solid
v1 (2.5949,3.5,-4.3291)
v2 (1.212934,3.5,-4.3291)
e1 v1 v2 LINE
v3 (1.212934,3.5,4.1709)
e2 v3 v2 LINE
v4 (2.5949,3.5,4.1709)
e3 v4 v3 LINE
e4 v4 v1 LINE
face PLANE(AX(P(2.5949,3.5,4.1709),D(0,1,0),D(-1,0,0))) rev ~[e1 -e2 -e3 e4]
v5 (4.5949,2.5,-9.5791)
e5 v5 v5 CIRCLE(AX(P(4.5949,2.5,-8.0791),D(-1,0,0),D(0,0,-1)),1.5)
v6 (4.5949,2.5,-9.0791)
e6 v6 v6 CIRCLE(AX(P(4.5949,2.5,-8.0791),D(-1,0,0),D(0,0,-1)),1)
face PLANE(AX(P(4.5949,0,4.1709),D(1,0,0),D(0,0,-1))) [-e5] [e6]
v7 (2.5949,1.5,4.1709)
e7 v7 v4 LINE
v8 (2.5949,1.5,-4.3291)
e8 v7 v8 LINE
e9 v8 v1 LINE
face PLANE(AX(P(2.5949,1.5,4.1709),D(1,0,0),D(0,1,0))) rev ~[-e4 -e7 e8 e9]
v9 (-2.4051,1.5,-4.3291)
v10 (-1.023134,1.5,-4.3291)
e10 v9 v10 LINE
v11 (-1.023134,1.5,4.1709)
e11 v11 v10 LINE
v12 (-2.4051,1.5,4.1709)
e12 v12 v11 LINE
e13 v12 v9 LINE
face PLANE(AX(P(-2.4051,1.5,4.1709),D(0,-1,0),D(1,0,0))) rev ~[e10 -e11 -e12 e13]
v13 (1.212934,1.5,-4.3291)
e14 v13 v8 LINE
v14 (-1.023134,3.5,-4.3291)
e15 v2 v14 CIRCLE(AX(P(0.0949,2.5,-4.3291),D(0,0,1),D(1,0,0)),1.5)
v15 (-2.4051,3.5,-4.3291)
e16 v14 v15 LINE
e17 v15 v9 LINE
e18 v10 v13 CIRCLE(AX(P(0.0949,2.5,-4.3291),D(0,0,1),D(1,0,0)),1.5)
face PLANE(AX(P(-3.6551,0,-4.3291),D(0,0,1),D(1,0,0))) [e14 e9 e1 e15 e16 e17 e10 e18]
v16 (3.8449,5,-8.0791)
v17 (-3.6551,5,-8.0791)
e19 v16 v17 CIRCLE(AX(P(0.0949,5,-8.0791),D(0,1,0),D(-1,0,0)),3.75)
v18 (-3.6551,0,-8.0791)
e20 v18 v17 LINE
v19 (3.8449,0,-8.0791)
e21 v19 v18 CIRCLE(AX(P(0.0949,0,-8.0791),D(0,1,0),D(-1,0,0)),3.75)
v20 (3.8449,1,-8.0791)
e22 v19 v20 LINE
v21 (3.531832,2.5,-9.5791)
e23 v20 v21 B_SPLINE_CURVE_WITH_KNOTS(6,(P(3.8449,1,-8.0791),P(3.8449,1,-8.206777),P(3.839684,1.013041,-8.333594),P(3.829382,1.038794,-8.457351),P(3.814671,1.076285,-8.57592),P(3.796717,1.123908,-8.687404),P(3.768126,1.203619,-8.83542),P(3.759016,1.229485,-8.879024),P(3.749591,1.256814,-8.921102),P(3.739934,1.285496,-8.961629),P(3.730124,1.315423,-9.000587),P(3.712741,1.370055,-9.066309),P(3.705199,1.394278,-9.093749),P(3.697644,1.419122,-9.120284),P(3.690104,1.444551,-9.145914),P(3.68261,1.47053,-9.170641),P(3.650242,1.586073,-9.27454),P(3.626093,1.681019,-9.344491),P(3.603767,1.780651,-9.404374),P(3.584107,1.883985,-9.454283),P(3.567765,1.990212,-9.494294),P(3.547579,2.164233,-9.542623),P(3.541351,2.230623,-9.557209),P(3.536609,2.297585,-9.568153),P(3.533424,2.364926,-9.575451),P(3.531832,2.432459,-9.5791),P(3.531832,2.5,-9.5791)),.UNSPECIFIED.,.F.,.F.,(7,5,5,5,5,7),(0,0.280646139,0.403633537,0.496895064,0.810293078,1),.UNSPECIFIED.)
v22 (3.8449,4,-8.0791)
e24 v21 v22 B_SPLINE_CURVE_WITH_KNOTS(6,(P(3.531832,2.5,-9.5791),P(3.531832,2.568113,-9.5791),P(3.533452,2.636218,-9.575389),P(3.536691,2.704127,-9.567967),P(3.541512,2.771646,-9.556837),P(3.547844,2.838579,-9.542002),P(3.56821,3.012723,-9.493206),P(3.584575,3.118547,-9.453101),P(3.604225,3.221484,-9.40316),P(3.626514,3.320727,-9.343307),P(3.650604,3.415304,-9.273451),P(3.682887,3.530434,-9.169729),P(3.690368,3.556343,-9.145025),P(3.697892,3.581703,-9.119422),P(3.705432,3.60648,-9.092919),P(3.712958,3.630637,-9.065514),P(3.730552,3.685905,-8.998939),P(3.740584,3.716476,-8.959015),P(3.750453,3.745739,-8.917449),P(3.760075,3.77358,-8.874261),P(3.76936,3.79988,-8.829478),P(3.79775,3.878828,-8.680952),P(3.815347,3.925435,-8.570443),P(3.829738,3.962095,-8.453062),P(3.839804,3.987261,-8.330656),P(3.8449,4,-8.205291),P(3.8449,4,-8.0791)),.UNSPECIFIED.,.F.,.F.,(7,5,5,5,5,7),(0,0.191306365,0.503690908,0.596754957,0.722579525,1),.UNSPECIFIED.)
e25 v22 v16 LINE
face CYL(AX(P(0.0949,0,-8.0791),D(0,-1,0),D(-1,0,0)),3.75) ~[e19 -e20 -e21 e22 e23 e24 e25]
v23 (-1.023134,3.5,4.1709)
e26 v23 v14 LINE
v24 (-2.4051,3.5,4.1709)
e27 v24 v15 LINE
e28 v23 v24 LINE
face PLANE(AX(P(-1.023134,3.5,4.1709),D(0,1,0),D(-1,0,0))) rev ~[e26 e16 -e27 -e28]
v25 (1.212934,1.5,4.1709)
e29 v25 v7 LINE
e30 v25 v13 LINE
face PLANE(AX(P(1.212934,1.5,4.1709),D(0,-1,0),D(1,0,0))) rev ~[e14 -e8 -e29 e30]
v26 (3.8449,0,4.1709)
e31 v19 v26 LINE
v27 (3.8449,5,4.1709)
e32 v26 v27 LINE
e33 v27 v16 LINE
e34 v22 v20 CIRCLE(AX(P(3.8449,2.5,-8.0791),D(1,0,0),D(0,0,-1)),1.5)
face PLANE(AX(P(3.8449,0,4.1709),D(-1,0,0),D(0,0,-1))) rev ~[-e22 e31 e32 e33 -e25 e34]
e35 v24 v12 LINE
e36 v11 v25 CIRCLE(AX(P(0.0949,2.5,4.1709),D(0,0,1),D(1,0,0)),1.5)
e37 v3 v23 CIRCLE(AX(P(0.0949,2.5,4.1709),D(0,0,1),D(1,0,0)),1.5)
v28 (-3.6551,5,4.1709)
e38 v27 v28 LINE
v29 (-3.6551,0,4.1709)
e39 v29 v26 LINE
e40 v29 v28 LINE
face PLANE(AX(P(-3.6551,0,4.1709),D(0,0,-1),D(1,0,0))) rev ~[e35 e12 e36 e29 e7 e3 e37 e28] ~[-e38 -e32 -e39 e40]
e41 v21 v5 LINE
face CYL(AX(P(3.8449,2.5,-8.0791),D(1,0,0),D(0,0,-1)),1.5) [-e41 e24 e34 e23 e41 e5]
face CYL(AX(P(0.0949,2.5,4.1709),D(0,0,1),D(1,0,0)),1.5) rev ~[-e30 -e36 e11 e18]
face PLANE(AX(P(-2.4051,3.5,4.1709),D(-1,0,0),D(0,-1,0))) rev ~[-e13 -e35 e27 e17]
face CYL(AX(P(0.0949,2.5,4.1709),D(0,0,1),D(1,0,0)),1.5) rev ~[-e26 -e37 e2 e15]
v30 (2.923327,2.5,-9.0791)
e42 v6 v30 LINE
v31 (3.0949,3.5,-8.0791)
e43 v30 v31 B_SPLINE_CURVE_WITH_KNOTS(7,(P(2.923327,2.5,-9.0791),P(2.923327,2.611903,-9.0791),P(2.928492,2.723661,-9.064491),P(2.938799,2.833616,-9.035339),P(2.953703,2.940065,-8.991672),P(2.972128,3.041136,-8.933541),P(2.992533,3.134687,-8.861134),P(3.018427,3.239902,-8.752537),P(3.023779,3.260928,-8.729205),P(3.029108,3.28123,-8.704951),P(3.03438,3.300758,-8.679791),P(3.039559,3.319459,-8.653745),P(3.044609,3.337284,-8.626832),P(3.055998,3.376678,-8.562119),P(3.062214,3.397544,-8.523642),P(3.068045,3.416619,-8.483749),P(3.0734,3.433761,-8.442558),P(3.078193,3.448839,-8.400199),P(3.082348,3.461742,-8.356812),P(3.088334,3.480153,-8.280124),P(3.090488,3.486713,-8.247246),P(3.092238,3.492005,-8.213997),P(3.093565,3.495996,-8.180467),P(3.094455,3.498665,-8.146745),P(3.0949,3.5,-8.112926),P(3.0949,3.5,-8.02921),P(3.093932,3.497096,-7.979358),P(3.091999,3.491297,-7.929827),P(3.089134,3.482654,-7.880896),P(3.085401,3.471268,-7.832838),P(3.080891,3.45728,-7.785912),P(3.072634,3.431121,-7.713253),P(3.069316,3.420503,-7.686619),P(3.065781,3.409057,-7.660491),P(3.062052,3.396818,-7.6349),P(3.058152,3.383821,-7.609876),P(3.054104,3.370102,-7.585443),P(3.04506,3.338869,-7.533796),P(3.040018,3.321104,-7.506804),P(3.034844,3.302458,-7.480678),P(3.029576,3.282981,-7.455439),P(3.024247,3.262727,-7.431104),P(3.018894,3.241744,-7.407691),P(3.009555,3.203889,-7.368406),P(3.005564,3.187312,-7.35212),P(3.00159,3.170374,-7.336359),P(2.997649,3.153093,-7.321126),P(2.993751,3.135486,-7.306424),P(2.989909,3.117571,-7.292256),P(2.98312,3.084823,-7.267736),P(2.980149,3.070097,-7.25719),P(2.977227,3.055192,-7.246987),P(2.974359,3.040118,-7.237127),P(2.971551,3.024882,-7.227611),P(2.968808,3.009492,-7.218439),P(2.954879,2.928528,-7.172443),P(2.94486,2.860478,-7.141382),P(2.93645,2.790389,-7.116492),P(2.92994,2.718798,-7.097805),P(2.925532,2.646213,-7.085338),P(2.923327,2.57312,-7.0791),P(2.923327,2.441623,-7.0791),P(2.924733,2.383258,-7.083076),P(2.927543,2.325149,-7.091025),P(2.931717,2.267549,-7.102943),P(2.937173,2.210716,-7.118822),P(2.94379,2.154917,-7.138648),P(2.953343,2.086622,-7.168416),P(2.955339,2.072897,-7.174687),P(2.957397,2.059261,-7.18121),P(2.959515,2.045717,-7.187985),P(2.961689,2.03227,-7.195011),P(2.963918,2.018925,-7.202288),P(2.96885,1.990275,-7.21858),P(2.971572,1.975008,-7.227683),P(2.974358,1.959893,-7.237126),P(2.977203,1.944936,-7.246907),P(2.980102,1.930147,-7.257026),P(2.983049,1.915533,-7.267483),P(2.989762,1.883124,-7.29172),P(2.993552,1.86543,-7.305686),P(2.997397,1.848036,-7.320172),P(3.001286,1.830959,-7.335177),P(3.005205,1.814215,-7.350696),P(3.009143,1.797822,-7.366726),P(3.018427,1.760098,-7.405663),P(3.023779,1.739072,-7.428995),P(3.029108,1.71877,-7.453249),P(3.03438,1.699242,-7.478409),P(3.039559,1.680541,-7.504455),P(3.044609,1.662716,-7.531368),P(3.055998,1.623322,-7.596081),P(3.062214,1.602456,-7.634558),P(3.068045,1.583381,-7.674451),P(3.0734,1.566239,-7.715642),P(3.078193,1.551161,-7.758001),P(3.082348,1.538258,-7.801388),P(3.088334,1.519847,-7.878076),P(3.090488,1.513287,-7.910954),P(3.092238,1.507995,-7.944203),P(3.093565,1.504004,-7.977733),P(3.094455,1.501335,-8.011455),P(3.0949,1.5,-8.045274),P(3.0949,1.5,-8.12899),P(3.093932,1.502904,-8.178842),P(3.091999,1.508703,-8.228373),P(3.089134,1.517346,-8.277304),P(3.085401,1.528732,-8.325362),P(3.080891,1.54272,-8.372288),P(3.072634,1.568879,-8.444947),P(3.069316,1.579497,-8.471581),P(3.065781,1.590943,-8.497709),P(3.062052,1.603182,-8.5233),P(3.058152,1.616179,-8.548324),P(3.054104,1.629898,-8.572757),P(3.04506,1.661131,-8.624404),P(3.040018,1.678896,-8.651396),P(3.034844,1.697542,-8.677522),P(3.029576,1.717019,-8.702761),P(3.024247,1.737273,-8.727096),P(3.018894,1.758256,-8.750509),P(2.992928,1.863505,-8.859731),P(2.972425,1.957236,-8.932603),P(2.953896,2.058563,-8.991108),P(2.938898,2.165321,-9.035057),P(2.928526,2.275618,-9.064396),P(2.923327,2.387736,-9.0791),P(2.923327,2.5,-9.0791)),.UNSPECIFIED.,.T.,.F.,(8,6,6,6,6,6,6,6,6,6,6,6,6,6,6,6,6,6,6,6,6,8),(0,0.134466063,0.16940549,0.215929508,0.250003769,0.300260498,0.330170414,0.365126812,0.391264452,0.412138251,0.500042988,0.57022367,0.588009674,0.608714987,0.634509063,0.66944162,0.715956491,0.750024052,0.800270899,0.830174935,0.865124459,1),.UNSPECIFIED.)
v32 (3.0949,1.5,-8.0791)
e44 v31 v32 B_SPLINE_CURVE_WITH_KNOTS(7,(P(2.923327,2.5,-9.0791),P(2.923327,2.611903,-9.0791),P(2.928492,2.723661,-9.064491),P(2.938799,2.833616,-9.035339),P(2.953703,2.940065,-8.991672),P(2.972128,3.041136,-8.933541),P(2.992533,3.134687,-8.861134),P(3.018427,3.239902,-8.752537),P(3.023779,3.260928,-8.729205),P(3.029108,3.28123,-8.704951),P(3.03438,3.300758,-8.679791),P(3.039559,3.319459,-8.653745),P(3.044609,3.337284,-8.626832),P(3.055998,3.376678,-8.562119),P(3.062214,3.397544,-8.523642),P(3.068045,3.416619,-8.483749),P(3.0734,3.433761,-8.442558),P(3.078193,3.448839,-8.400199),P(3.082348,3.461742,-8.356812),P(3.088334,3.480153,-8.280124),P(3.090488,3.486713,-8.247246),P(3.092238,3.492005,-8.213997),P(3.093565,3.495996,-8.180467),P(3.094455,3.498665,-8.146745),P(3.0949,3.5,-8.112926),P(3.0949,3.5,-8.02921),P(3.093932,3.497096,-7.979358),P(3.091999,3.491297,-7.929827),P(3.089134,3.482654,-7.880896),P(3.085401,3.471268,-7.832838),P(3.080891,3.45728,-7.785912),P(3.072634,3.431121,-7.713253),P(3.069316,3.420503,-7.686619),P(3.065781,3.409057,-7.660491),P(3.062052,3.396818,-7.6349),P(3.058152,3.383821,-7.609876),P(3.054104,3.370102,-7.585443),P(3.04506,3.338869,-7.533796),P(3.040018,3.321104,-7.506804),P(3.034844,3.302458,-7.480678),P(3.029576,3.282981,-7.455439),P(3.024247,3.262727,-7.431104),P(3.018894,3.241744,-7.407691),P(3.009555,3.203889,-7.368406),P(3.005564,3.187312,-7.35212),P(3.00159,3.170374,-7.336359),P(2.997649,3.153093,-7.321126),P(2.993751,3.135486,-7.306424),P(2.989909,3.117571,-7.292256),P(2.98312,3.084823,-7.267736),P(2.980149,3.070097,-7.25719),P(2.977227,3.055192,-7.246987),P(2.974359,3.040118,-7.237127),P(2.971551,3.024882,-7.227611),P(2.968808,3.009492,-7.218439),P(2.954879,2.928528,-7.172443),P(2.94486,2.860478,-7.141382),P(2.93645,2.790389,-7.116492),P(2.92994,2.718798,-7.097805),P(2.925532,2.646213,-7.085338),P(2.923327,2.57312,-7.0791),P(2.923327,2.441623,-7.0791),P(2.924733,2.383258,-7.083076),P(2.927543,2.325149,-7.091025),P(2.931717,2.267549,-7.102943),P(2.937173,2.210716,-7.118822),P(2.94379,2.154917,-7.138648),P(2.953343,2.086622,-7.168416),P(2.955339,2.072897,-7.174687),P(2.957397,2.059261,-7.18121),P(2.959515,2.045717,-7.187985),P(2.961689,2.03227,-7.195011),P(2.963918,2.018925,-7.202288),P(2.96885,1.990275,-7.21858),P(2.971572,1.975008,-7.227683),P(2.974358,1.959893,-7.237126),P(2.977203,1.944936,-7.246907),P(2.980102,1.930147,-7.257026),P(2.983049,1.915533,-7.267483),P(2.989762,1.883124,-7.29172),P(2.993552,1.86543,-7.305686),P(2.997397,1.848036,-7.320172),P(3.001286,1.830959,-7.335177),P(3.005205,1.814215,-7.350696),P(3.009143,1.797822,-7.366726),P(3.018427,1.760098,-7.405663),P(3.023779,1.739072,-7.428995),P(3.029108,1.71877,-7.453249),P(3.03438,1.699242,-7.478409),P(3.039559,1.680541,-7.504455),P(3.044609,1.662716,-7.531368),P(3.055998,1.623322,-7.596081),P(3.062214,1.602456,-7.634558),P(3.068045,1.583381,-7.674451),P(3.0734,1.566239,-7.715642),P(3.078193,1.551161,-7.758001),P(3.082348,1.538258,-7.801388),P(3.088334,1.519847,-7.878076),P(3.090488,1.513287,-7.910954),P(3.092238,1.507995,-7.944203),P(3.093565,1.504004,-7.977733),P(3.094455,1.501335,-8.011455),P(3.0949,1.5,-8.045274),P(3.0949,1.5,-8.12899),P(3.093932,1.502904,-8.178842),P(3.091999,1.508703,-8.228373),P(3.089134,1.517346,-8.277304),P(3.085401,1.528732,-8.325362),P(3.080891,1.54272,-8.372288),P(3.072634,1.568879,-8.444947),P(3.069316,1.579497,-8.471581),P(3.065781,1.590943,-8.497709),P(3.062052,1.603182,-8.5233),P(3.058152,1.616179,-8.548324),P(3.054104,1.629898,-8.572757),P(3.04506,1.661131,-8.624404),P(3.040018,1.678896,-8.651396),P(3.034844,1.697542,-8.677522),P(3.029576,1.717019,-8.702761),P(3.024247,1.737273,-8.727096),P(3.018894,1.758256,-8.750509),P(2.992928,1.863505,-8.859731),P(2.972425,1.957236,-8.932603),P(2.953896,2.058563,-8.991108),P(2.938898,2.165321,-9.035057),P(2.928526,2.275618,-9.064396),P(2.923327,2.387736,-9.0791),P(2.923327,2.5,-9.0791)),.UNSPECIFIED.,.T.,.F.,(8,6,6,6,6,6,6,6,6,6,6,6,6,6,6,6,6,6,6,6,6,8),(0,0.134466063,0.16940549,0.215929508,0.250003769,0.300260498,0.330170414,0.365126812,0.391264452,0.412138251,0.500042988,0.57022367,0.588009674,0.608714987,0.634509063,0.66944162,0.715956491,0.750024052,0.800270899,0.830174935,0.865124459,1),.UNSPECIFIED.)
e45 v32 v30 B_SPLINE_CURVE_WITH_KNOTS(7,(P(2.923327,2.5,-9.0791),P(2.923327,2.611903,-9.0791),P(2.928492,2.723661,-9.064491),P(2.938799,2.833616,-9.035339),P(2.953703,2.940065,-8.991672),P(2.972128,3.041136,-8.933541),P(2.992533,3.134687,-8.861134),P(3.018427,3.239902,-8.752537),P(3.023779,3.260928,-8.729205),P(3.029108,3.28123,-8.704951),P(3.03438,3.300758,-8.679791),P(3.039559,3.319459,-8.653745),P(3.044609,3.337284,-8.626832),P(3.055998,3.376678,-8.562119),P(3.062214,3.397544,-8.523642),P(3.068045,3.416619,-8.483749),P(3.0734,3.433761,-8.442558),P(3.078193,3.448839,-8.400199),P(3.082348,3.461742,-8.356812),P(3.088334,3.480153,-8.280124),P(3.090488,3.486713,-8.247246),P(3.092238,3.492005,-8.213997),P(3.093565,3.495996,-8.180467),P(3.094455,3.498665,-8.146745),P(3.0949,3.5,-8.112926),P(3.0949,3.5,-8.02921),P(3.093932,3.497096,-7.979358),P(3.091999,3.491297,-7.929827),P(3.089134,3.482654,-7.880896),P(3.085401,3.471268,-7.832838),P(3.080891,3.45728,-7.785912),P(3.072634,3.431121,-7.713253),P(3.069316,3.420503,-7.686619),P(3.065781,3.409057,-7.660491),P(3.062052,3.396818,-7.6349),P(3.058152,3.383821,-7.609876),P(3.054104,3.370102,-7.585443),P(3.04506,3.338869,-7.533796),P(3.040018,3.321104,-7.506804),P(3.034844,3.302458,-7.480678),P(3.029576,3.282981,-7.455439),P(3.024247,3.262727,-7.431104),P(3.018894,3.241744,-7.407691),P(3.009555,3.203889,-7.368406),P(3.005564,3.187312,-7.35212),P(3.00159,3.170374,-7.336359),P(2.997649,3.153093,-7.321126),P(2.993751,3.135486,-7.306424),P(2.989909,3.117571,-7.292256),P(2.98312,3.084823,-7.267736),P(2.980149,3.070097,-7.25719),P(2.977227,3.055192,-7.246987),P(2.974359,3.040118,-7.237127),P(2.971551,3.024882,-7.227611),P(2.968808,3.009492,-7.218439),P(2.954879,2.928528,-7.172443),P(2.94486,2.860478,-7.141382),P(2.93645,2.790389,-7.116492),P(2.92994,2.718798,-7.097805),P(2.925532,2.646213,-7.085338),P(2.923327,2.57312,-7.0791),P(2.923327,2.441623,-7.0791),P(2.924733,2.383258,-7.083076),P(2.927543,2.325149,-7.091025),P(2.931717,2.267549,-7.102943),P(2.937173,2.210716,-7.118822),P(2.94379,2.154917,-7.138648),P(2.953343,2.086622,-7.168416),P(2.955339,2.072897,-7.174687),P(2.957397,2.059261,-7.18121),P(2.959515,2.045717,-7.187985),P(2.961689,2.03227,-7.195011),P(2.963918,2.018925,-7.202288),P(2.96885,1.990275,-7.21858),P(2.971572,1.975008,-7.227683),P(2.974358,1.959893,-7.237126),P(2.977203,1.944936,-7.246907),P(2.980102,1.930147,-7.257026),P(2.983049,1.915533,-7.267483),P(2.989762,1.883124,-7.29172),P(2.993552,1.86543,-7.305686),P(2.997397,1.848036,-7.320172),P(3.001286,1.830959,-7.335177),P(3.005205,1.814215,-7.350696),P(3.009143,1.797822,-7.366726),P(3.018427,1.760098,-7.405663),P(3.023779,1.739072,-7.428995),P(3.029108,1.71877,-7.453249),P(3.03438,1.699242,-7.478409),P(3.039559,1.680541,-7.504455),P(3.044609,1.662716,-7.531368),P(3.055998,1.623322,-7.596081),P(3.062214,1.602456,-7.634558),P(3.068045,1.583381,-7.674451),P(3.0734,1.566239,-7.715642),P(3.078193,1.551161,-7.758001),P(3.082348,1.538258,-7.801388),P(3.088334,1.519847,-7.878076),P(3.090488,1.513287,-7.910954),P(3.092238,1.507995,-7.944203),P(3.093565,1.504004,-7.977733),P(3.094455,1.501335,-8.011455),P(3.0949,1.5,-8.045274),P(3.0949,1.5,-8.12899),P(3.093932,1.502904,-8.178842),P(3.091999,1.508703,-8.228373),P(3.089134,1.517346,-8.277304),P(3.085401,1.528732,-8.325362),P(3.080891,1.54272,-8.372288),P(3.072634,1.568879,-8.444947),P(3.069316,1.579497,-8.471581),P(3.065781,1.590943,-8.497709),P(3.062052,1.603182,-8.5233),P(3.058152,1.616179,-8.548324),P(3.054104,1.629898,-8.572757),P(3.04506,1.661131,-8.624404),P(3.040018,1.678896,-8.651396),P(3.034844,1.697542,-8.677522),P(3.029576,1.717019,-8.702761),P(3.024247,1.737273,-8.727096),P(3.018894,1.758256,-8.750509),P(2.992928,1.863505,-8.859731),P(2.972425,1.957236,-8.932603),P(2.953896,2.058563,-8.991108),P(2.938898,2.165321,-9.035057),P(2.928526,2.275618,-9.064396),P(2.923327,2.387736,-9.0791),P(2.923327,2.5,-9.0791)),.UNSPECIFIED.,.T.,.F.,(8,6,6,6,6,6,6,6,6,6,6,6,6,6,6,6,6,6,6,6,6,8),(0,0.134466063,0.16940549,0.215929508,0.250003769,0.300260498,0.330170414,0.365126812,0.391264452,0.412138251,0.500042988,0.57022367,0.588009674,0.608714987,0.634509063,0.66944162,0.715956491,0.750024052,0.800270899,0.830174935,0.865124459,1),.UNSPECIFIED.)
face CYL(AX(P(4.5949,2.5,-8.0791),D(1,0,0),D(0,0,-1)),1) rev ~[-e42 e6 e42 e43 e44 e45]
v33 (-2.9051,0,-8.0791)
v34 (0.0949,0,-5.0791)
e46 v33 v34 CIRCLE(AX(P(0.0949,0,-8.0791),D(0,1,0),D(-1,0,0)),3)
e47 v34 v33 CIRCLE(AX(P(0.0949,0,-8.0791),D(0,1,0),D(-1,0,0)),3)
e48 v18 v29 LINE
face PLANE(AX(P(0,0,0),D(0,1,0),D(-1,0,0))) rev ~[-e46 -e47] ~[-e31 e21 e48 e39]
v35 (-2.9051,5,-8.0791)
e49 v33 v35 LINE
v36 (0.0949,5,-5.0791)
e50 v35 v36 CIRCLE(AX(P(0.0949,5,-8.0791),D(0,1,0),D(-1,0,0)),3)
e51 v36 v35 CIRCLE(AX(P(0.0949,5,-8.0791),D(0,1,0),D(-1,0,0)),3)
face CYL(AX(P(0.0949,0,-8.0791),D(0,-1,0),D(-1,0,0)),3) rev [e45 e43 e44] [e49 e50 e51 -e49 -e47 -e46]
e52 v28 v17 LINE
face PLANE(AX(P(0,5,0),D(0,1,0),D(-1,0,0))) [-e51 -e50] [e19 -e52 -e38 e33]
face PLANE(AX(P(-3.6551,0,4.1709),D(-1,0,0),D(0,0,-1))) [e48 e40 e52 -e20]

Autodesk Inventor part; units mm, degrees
ref_plane "YZ Plane" through (0, 0, 0) normal (1, 0, 0) x (0, 1, 0)
ref_plane "XZ Plane" through (0, 0, 0) normal (0, 1, 0) x (-1, 0, 0)
ref_plane "XY Plane" through (0, 0, 0) normal (0, 0, 1) x (1, 0, 0)
sketch "Sketch1" plane through (0, 0, 0) normal (0, 1, 0) x (-1, 0, 0)
  line L0 (-0.0949, -0.0791) -> (-0.0949, -8.0791)
  circle A0 centre (-0.0949, -8.0791) radius 3
  line L1 (-0.0949, -0.0791) -> (-0.0949, 7.9209)
  circle A1 centre (-0.0949, 7.9209) radius 2.5
  circle A2 centre (-0.0949, 7.9209) radius 3.75
  circle A3 centre (-0.0949, -8.0791) radius 3.75
  line L2 (3.6551, 7.9209) -> (3.6551, -8.0791)
  line L3 (-3.8449, 7.9209) -> (-3.8449, -8.0791)
  line L4 (3.6551, 4.1709) -> (-3.8449, 4.1709)
  line L5 (3.6551, -4.3291) -> (-3.8449, -4.3291)
  point P0 (0, 0)
  dimension "d0" = 8
  dimension "d1" = 6
  dimension "d2" = 8
  dimension "d3" = 5
  dimension "d4" = 7.5
  dimension "d5" = 7.5
extrude "Extrusion1" add sketch "Sketch1" along normal blind 5 contours L1 L4 L2 L5 L0 | L0 L5 L3 L4 L1 | L5 L2 A3 | A3 | A3 L3 L5
sketch "Sketch2" plane through (-3.6551, 0, 4.1709) normal (0, 0, 1) x (1, 0, 0)
  line L0 (0, 5) -> (7.5, 5) projected
  line L1 (0, 0) -> (7.5, 0)
  line L2 (7.5, 0) -> (7.5, 5)
  line L3 (7.5, 5) -> (0, 5)
  line L4 (0, 5) -> (0, 0)
  line L5 (7.5, 5) -> (0, 5)
  line L6 (0, 5) -> (0, 0)
  line L7 (0, 0) -> (7.5, 0)
  line L8 (7.5, 0) -> (7.5, 5)
  line L9 (7.5, 5) -> (0, 0) construction
  line L10 (0, 5) -> (7.5, 0) construction
  circle A0 centre (3.75, 2.5) radius 1.5
  line L11 (6.25, 3.5) -> (1.25, 3.5)
  line L12 (1.25, 3.5) -> (1.25, 1.5)
  line L13 (1.25, 1.5) -> (6.25, 1.5)
  line L14 (6.25, 1.5) -> (6.25, 3.5)
  line L15 (6.25, 3.5) -> (1.25, 1.5) construction
  line L16 (1.25, 3.5) -> (6.25, 1.5) construction
  point P0 (3.6551, 0)
  point P1 (4.868, 1.5)
  point P2 (4.868, 3.5)
  point P3 (2.632, 3.5)
  point P4 (2.632, 1.5)
  dimension "d8" = 3
  dimension "d9" = 5
  dimension "d10" = 2
extrude "Extrusion2" cut sketch "Sketch2" against normal blind 8.5 contours A0 L13 L11 | A0 L11 L14 L13 | L11 A0 | A0 L13 | A0 L13 L12 L11
sketch "Sketch3" plane through (0, 5, 0) normal (0, 1, 0) x (1, 0, 0)
  line L0 (1.213, 4.3291) -> (2.5949, 4.3291) projected
  line L1 (-3.6551, -4.1709) -> (3.8449, -4.1709) projected
  point P0 (0, 0)
  dimension "d13" = 8.5
sketch "Sketch4" plane through (3.8449, 0, 4.1709) normal (1, 0, 0) x (0, 0, -1)
  line L0 (12.25, 0) -> (12.25, 5) projected
  circle A0 centre (12.25, 2.5) radius 1.5
  point P0 (4.1709, 0)
  dimension "d14" = 3
extrude "Extrusion3" add sketch "Sketch4" along normal mid plane 1.5
sketch "Sketch5" plane through (4.5949, 2.5, -8.0791) normal (1, 0, 0) x (0, 0, -1)
  line L0 (0, -2.5) -> (0, 2.5) projected
  circle A0 centre (0, 0) radius 1
  point P0 (-8.0791, -2.5)
  dimension "d17" = 2
extrude "Extrusion4" cut sketch "Sketch5" against normal blind 3.0875
properties part number "Link_OutsideV3"
